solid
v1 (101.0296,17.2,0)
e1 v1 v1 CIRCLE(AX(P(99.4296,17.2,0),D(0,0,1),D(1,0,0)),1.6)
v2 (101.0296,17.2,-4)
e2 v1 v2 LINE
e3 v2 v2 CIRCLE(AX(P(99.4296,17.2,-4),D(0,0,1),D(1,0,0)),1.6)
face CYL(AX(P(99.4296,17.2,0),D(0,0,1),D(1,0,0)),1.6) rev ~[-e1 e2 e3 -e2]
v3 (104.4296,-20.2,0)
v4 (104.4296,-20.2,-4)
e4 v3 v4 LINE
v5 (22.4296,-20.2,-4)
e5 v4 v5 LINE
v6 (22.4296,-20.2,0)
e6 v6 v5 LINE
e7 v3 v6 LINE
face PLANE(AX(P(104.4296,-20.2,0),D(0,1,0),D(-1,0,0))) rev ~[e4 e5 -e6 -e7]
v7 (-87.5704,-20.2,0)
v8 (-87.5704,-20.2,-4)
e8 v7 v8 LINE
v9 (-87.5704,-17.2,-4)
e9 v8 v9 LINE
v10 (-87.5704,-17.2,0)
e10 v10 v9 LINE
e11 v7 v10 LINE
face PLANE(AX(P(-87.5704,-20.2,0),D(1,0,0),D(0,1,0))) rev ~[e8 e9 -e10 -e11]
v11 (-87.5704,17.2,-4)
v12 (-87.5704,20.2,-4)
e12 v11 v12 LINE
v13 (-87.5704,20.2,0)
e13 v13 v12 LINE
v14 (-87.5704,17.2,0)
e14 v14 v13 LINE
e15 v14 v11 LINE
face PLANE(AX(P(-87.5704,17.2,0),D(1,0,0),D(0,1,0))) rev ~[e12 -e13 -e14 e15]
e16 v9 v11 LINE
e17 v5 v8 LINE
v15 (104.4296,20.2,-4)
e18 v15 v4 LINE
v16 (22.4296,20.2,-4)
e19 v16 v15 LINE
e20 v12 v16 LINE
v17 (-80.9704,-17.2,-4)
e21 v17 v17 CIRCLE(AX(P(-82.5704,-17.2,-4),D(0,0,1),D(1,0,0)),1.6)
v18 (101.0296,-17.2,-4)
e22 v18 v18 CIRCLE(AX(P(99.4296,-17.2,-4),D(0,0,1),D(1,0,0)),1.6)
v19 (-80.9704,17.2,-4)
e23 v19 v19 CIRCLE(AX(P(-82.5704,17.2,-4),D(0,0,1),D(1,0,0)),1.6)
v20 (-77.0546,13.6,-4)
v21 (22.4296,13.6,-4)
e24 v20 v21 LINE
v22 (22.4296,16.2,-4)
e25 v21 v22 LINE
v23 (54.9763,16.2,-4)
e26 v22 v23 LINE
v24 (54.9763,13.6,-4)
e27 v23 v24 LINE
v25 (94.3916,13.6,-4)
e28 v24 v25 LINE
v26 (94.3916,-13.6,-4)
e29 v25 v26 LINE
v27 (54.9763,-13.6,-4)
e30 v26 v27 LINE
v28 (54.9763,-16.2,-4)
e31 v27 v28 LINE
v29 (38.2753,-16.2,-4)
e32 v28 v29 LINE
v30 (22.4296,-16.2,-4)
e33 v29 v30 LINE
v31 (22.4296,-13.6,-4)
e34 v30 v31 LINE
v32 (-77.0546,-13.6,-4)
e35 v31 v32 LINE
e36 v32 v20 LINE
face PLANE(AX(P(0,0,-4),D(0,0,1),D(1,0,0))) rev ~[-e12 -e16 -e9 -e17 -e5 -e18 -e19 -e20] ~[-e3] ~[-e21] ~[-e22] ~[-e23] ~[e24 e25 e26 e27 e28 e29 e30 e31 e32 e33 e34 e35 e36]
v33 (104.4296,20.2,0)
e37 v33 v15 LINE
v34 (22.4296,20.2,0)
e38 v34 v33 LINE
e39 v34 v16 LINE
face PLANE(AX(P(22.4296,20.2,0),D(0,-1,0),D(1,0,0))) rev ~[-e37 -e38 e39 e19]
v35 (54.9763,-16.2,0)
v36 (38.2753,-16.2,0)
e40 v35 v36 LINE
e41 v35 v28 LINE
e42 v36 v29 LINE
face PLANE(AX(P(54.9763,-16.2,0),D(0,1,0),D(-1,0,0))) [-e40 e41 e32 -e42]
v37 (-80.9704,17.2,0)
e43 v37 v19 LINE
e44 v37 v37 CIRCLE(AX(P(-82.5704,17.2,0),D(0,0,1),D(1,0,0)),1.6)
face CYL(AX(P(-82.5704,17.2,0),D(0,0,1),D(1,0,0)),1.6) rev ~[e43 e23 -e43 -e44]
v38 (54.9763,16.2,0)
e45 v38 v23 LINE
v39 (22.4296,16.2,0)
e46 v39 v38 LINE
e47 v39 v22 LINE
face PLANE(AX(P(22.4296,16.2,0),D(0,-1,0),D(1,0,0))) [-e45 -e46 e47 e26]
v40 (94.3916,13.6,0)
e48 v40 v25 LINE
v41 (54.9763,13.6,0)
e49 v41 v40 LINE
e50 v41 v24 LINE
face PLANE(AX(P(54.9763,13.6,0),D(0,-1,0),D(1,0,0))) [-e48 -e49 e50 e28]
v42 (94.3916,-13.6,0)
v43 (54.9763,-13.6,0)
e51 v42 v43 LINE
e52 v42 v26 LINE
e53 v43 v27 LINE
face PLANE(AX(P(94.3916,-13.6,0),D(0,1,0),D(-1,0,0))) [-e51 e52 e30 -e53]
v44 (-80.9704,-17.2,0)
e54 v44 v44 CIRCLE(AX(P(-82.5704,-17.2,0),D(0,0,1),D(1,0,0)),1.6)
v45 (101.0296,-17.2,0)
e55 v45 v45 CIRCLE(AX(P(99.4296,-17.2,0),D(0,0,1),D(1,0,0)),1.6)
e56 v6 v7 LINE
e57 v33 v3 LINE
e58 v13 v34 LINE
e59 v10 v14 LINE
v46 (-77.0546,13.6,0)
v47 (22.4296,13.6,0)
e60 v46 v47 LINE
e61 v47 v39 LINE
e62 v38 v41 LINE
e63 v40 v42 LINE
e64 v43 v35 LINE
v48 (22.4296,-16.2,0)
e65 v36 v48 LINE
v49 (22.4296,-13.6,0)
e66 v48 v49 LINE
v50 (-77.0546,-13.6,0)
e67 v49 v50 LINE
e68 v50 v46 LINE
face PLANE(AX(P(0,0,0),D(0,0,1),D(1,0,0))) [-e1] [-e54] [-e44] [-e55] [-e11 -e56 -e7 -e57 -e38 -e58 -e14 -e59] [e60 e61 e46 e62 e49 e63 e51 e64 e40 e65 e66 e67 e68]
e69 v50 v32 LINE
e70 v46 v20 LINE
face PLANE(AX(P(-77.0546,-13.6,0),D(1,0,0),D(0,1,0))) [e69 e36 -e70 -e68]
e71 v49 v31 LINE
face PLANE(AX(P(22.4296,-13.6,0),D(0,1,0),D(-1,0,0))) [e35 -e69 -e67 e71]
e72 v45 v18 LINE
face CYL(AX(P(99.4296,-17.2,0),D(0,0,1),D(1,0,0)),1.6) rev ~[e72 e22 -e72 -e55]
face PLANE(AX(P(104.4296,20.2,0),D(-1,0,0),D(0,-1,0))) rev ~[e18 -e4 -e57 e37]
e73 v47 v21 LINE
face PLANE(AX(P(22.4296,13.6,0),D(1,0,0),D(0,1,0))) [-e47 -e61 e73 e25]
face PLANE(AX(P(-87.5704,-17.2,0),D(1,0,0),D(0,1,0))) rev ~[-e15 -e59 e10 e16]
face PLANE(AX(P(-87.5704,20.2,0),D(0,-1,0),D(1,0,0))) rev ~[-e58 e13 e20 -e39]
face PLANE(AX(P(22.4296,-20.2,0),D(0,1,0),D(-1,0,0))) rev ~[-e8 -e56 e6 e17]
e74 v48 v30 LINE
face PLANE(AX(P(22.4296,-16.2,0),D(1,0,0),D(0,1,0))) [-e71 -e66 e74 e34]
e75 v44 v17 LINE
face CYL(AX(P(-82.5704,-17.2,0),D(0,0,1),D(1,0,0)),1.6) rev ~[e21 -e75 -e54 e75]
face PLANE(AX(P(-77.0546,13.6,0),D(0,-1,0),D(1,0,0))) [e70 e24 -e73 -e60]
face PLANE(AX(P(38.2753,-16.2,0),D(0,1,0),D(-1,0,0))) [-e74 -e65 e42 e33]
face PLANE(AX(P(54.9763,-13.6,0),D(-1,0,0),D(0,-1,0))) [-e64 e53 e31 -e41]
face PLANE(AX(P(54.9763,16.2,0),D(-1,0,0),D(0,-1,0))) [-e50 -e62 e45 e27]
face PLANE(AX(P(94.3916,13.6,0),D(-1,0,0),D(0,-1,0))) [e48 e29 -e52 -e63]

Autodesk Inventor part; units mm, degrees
ref_plane "YZ Plane" through (0, 0, 0) normal (1, 0, 0) x (0, 1, 0)
ref_plane "XZ Plane" through (0, 0, 0) normal (0, 1, 0) x (-1, 0, 0)
ref_plane "XY Plane" through (0, 0, 0) normal (0, 0, 1) x (1, 0, 0)
sketch "Sketch1" plane through (0, 0, 0) normal (0, 0, 1) x (1, 0, 0)
  line L0 (93.3916, -12.6) -> (93.3916, 12.6)
  line L1 (53.9763, -12.6) -> (93.3916, -12.6)
  line L2 (53.9763, -15.2) -> (53.9763, -12.6)
  line L3 (38.2753, -15.2) -> (53.9763, -15.2)
  line L4 (38.2753, -15.2) -> (23.4296, -15.2)
  line L5 (23.4296, -12.6) -> (23.4296, -15.2)
  line L6 (-76.0546, -12.6) -> (23.4296, -12.6)
  line L7 (23.4296, 12.6) -> (-76.0546, 12.6)
  line L8 (23.4296, 15.2) -> (23.4296, 12.6)
  line L9 (-76.0546, 12.6) -> (-76.0546, -12.6)
  line L10 (23.4296, 15.2) -> (53.9763, 15.2)
  line L11 (53.9763, 15.2) -> (53.9763, 12.6)
  line L12 (53.9763, 12.6) -> (93.3916, 12.6)
  line L13 (-77.0546, 13.6) -> (22.4296, 13.6)
  line L14 (22.4296, 13.6) -> (22.4296, 16.2)
  line L15 (22.4296, 16.2) -> (54.9763, 16.2)
  line L16 (54.9763, 16.2) -> (54.9763, 13.6)
  line L17 (54.9763, 13.6) -> (94.3916, 13.6)
  line L18 (94.3916, 13.6) -> (94.3916, -13.6)
  line L19 (94.3916, -13.6) -> (54.9763, -13.6)
  line L20 (54.9763, -13.6) -> (54.9763, -16.2)
  line L21 (54.9763, -16.2) -> (38.2753, -16.2)
  line L22 (38.2753, -16.2) -> (22.4296, -16.2)
  line L23 (22.4296, -16.2) -> (22.4296, -13.6)
  line L24 (22.4296, -13.6) -> (-77.0546, -13.6)
  line L25 (-77.0546, -13.6) -> (-77.0546, 13.6)
  line L26 (22.4296, -16.2) -> (22.4296, -20.2) construction
  line L27 (22.4296, -20.2) -> (-87.5704, -20.2)
  line L28 (-87.5704, -20.2) -> (-87.5704, 20.2)
  line L29 (-87.5704, 20.2) -> (22.4296, 20.2)
  line L30 (104.4296, -20.2) -> (22.4296, -20.2)
  line L31 (22.4296, 20.2) -> (104.4296, 20.2)
  line L32 (104.4296, 20.2) -> (104.4296, -20.2)
  line L33 (-87.5704, 20.2) -> (-87.5704, 17.2)
  line L34 (-87.5704, 17.2) -> (-82.5704, 17.2) construction
  circle A0 centre (-82.5704, 17.2) radius 1.6
  line L35 (-87.5704, -20.2) -> (-87.5704, -17.2)
  line L36 (-87.5704, -17.2) -> (-82.5704, -17.2) construction
  circle A1 centre (-82.5704, -17.2) radius 1.6
  line L37 (104.4296, -20.2) -> (104.4296, -17.2) construction
  line L38 (104.4296, -17.2) -> (99.4296, -17.2) construction
  circle A2 centre (99.4296, -17.2) radius 1.6
  line L39 (104.4296, 20.2) -> (104.4296, 17.2) construction
  line L40 (104.4296, 17.2) -> (99.4296, 17.2) construction
  circle A3 centre (99.4296, 17.2) radius 1.6
  dimension "d0" = 1
  dimension "d1" = 4
  dimension "d2" = 110
  dimension "d3" = 40.4
  dimension "d5" = 82
  dimension "d8" = 3
  dimension "d9" = 5
  dimension "d10" = 3.2
  dimension "d11" = 3
  dimension "d12" = 5
  dimension "d13" = 3.2
  dimension "d14" = 3
  dimension "d15" = 5
  dimension "d16" = 3.2
  dimension "d17" = 3
  dimension "d18" = 5
  dimension "d19" = 3.2
extrude "Extrusion1" add sketch "Sketch1" against normal blind 4 contours L27 L28 L29 L31 L32 L30
properties part number "Template-Fixture-Top" material "Polycarbonate, Clear"
